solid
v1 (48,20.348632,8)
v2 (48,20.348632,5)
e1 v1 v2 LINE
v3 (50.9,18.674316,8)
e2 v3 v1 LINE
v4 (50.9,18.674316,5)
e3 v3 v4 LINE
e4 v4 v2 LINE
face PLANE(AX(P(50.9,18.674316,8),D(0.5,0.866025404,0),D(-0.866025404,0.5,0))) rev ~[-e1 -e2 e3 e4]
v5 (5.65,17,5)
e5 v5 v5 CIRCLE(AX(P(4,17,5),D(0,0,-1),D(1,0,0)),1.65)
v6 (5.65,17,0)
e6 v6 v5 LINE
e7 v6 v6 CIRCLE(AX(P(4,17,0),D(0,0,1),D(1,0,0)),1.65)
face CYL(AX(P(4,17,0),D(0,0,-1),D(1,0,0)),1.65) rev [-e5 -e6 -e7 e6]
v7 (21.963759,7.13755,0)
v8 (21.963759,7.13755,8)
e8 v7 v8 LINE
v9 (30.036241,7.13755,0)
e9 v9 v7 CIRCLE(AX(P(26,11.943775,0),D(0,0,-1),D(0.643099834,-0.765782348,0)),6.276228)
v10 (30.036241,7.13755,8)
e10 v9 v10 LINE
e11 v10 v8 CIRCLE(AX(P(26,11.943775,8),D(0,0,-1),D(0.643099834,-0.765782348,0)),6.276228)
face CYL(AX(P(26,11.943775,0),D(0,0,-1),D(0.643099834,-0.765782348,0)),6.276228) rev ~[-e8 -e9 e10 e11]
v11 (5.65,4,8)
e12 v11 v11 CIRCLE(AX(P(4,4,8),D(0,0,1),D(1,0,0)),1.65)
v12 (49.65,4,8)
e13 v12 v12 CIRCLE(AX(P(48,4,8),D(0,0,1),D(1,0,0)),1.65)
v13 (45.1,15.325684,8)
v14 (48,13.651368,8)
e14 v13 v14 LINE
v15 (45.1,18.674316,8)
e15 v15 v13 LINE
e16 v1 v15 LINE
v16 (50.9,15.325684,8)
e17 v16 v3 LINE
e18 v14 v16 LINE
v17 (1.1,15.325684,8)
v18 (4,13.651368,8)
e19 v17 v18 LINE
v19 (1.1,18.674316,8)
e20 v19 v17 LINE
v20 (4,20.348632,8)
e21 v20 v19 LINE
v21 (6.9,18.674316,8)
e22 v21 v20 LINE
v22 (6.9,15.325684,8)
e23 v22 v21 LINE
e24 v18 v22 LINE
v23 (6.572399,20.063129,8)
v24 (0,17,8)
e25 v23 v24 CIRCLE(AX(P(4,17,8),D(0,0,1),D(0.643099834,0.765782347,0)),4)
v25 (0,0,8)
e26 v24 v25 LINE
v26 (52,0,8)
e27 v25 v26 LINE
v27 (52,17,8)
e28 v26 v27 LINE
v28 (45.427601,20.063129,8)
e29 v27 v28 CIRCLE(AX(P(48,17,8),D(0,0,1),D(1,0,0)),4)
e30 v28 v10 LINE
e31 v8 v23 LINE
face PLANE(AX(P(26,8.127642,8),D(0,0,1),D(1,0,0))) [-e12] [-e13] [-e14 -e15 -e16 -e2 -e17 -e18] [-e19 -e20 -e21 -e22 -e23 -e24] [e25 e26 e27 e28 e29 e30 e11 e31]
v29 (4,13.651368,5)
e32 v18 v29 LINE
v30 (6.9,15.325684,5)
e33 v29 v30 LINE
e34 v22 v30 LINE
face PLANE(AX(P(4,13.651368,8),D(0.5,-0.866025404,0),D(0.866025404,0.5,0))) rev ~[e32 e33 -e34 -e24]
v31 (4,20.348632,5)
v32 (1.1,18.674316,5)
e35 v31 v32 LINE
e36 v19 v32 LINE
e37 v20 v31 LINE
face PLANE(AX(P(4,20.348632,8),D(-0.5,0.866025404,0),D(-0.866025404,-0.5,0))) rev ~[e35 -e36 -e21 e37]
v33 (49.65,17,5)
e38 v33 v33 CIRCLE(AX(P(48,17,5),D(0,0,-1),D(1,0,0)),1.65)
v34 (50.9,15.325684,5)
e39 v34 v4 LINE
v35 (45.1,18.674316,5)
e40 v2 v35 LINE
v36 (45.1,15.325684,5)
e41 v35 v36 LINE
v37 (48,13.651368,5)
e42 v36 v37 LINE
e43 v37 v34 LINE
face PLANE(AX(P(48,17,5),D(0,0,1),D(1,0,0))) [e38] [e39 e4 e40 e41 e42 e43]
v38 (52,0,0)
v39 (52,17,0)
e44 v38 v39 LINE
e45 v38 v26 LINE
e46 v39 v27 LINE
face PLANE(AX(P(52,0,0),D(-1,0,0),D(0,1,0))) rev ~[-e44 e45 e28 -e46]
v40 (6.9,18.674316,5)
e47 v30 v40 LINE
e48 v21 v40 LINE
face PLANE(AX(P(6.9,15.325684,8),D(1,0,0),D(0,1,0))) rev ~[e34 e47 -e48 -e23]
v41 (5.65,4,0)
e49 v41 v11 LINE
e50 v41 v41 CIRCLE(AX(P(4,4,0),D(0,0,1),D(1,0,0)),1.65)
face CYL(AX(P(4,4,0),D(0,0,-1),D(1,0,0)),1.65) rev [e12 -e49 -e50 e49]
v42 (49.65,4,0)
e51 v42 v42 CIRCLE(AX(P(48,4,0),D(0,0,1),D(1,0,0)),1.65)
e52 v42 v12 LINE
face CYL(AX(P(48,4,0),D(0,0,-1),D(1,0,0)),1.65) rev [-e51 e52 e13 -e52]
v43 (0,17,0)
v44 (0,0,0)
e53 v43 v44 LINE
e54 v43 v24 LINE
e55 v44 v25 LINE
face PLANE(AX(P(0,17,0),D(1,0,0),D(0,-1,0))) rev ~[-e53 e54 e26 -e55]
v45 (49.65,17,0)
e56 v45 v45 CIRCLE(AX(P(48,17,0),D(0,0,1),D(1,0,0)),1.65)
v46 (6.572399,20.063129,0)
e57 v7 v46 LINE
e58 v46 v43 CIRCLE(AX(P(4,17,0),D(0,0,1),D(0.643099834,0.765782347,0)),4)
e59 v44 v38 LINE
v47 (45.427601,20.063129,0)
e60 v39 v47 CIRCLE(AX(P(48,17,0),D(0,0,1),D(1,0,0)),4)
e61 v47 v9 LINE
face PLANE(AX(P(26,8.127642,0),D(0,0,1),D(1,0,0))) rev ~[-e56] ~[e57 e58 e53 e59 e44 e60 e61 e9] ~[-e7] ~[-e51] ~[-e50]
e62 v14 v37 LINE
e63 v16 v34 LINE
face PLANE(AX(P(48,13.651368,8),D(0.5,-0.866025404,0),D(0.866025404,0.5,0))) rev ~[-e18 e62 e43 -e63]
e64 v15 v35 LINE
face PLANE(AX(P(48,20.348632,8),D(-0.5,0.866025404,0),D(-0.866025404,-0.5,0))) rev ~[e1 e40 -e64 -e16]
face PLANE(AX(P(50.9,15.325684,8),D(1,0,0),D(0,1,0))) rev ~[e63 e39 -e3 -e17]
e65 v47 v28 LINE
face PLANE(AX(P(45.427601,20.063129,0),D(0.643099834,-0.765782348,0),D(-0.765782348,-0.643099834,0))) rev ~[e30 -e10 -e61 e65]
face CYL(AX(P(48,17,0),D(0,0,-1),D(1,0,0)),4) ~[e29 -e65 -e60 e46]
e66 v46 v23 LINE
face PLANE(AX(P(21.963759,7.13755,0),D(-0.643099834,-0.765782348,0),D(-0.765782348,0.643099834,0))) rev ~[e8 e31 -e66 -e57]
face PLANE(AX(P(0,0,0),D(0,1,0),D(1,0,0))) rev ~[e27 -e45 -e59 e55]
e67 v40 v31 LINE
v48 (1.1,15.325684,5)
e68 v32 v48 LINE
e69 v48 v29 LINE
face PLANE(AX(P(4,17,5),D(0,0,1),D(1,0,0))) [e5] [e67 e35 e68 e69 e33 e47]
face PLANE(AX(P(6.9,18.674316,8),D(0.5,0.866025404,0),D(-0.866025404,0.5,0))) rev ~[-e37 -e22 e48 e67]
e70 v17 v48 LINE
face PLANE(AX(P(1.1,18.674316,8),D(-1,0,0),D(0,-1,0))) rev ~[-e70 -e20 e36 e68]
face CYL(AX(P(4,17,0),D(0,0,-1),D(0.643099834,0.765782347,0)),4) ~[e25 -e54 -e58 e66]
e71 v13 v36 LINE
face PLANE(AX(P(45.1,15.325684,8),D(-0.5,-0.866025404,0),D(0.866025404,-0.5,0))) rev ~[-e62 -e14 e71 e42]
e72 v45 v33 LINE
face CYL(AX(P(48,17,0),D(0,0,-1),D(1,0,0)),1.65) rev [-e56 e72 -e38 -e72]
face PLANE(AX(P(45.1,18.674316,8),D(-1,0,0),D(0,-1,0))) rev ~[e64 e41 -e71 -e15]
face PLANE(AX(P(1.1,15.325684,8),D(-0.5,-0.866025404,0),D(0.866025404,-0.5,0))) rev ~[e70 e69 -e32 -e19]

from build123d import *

# Parameters (mm, degrees)
SKETCH1_R           = 1.65
BOSS_EXTRUDE1_DEPTH = 8
CUT_EXTRUDE1_DEPTH  = 3


with BuildPart() as part:
    # Sketch1 → Boss-Extrude1 (new body)
    with BuildSketch(Plane.XY):
        with BuildLine():
            Line((0, 0), (52, 0))
            Line((52, 0), (52, 17))
            ThreePointArc((52, 17), (49.689734101, 20.625575633), (45.427600665, 20.06312939))
            Line((45.427600665, 20.06312939), (30.036241487, 7.137550003))
            ThreePointArc((30.036241487, 7.137550003), (26, 5.667546504), (21.963758513, 7.137550003))
            Line((21.963758513, 7.137550003), (6.572399335, 20.06312939))
            ThreePointArc((6.572399335, 20.06312939), (2.310265899, 20.625575633), (0, 17))
            Line((0, 17), (0, 0))
        make_face()
        with Locations((4, 17)):
            Circle(SKETCH1_R, mode=Mode.SUBTRACT)
        with Locations((48, 17)):
            Circle(SKETCH1_R, mode=Mode.SUBTRACT)
        with Locations((4, 4)):
            Circle(SKETCH1_R, mode=Mode.SUBTRACT)
        with Locations((48, 4)):
            Circle(SKETCH1_R, mode=Mode.SUBTRACT)
    extrude(amount=BOSS_EXTRUDE1_DEPTH)

    # Sketch2 → Cut-Extrude1 (cut)
    with BuildSketch(Plane.XY.offset(8)):
        Polygon((4, 13.651368439), (6.9, 15.325684219), (6.9, 18.674315781), (4, 20.348631561), (1.1, 18.674315781), (1.1, 15.325684219), align=None)
        Polygon((48, 13.651368439), (50.9, 15.325684219), (50.9, 18.674315781), (48, 20.348631561), (45.1, 18.674315781), (45.1, 15.325684219), align=None)
    extrude(amount=-CUT_EXTRUDE1_DEPTH, mode=Mode.SUBTRACT)


solid = part.part
